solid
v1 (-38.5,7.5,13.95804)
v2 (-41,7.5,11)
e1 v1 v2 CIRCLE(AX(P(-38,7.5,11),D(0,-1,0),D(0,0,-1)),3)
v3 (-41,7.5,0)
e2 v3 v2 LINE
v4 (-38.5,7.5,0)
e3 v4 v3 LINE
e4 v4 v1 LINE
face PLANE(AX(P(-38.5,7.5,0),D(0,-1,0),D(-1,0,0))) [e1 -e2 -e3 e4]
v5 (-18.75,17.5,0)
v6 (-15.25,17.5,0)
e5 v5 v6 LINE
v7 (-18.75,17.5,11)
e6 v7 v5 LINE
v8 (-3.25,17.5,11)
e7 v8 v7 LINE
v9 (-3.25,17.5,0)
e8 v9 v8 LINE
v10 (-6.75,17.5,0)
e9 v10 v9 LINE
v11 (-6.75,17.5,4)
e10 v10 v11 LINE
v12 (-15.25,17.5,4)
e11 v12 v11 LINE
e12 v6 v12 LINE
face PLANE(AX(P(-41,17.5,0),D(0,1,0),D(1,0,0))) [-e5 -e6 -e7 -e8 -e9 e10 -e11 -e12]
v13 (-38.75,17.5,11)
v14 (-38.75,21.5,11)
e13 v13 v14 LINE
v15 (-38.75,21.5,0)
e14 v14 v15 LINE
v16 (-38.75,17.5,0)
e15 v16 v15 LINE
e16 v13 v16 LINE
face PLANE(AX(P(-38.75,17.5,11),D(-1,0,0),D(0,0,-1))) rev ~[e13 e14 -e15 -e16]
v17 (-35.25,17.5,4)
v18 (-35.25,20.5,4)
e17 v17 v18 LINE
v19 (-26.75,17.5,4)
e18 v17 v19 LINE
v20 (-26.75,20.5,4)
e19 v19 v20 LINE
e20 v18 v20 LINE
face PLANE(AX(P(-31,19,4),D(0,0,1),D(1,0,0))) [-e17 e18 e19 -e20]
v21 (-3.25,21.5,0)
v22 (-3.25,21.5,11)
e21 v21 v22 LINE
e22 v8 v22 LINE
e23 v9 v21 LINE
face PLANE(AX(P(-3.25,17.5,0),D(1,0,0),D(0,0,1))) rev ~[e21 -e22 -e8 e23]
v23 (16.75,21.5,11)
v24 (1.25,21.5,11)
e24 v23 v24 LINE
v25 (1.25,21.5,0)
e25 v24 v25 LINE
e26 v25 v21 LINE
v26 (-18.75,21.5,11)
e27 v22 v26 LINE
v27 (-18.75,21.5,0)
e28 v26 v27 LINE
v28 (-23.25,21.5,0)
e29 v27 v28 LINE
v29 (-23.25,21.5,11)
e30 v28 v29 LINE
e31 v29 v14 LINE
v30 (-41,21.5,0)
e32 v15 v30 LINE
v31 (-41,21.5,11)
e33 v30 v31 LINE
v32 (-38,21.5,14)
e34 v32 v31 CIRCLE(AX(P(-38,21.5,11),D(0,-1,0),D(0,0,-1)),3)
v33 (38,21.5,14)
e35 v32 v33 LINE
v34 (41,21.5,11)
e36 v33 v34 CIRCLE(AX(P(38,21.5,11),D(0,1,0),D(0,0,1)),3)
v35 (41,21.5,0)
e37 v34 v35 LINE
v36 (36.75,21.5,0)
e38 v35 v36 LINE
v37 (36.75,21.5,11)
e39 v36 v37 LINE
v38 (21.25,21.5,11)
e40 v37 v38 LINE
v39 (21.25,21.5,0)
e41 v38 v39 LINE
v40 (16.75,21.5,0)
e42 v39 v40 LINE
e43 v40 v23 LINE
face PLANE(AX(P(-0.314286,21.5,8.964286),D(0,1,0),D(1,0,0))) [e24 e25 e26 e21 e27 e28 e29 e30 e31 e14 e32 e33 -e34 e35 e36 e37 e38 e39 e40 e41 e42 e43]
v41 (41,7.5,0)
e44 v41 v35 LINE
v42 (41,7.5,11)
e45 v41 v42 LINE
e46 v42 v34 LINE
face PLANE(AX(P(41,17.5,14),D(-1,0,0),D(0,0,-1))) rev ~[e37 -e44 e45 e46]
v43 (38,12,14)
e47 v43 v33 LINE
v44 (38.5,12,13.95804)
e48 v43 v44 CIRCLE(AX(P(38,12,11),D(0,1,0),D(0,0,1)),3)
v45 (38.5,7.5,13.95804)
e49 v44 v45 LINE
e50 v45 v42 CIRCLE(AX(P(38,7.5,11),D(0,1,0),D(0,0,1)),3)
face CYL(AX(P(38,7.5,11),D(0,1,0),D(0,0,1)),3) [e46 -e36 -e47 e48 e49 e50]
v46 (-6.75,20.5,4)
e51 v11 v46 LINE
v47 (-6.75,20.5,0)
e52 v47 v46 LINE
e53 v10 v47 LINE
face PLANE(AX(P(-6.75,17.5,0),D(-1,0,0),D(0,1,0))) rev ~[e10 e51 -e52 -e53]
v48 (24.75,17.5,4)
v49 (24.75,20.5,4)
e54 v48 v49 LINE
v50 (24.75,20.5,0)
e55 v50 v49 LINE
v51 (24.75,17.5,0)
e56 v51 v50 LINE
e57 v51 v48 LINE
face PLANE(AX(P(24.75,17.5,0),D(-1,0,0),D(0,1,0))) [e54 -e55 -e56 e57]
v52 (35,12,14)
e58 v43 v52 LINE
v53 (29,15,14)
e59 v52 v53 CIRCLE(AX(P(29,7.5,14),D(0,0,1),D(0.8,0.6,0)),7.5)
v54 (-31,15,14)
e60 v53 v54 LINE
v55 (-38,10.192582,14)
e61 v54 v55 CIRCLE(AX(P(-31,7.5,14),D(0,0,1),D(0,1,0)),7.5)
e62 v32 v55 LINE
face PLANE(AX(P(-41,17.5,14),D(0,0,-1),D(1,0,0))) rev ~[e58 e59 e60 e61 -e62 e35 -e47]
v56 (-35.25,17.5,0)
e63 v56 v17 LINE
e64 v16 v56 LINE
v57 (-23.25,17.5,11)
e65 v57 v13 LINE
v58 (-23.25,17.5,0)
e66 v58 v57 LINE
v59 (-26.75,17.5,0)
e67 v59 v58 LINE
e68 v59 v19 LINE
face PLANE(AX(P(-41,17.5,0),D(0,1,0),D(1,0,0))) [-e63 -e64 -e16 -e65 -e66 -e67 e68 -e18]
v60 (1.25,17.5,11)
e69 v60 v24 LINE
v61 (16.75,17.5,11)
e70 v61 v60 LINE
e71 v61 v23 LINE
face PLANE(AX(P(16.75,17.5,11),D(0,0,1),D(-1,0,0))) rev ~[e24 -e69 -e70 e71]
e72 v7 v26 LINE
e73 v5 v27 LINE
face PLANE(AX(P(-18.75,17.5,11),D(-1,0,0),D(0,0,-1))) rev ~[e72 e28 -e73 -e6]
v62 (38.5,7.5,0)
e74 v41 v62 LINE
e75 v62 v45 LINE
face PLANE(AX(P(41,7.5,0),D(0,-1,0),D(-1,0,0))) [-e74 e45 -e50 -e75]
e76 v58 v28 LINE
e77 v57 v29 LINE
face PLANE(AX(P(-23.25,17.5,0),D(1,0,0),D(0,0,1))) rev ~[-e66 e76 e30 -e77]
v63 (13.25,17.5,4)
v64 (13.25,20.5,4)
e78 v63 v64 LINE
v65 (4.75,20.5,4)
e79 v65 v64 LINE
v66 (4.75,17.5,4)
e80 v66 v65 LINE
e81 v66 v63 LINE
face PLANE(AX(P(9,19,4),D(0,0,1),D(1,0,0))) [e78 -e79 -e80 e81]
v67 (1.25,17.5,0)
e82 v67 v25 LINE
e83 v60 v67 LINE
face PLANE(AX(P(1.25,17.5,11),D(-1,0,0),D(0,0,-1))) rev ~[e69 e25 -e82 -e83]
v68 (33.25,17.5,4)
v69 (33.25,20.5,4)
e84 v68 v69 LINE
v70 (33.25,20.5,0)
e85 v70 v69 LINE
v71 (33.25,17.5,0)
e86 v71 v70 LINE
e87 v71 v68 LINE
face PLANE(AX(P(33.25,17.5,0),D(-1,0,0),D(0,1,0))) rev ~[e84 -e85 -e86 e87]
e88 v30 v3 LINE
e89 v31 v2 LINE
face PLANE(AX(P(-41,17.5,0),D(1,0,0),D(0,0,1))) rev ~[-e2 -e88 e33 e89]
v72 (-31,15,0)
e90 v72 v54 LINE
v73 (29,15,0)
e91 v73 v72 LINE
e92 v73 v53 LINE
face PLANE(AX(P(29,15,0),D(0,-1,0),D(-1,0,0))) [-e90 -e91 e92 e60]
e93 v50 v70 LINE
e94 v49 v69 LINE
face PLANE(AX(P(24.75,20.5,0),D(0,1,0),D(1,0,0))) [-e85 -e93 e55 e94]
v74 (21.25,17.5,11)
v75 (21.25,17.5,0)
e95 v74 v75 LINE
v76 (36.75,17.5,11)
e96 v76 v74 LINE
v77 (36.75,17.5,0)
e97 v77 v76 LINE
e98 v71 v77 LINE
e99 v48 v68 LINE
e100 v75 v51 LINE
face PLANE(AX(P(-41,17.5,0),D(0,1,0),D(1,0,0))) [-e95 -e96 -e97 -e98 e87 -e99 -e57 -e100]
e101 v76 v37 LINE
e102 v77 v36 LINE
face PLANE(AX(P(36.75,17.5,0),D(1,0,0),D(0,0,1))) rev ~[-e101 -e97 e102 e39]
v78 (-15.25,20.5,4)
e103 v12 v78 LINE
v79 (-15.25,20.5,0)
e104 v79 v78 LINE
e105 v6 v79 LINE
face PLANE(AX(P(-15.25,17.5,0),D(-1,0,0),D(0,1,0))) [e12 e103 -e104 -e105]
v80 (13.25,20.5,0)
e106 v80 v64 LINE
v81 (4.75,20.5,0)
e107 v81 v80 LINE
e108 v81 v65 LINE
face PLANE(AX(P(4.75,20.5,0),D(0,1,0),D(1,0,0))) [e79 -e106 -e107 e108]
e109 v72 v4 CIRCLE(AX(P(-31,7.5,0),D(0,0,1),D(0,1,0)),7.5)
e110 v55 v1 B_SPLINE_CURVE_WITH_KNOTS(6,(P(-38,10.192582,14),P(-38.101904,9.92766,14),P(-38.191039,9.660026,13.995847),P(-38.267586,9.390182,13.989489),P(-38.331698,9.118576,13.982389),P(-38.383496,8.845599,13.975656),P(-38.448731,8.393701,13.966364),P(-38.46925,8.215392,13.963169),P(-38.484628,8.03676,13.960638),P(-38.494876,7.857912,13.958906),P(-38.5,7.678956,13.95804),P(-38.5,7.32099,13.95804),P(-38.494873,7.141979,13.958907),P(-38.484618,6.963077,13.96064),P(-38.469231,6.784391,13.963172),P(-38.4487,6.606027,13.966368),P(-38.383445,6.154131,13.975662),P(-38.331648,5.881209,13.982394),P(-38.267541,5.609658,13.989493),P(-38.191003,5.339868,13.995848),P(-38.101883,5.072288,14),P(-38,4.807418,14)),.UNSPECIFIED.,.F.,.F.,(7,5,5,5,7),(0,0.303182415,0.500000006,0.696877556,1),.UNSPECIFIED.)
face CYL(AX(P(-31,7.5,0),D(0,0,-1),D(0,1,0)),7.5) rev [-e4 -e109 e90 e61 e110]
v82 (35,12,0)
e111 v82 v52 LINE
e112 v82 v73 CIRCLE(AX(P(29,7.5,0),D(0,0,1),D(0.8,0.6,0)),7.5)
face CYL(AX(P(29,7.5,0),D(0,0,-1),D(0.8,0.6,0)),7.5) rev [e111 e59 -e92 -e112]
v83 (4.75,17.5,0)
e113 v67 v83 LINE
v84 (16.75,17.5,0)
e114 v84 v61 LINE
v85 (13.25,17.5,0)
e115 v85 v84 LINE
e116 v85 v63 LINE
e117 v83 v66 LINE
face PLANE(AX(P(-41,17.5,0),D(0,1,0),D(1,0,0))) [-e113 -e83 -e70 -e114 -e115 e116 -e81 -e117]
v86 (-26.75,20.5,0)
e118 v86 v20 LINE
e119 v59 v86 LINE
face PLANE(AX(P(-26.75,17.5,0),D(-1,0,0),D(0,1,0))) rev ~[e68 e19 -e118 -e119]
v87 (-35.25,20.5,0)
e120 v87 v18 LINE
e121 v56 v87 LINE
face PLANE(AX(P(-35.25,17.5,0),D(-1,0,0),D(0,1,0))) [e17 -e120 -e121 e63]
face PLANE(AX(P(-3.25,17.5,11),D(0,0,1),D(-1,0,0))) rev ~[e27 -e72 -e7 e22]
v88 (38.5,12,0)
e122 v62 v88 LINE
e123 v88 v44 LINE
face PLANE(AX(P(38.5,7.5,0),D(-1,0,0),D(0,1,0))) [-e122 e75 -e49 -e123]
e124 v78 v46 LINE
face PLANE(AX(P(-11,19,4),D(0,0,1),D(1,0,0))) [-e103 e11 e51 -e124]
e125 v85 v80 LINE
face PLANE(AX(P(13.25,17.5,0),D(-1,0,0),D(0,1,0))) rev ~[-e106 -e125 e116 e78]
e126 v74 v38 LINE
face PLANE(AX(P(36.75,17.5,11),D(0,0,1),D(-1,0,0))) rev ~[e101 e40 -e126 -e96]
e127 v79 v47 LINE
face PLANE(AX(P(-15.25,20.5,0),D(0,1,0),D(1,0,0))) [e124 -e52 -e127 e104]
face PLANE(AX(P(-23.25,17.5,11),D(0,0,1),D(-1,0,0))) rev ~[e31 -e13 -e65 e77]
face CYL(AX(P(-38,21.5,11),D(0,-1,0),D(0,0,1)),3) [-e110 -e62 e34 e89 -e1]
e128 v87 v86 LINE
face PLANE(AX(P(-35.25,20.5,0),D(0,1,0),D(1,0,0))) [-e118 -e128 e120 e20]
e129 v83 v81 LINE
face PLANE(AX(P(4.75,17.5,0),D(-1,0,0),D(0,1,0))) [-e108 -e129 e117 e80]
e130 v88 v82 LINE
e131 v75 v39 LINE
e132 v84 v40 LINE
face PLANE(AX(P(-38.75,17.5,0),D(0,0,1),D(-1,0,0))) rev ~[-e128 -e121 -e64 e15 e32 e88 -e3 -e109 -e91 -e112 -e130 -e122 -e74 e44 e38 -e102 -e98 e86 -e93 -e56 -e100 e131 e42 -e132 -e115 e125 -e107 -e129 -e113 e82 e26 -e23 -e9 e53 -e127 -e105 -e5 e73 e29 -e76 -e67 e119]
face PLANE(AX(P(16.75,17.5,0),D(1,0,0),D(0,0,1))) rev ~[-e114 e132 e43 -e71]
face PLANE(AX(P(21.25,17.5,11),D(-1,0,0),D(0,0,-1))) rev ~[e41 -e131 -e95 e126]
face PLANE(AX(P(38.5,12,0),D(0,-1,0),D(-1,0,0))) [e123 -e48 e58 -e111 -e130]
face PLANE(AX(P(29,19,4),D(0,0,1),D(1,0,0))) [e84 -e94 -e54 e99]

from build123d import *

# Parameters (mm, degrees)
SALIENTE_EXTRUIR1_DEPTH = 14
CROQUIS2_W              = 8.5
CROQUIS2_H              = 3
SALIENTE_EXTRUIR2_DEPTH = 4
SALIENTE_EXTRUIR3_DEPTH = 4
REDONDEO1_R             = 3


with BuildPart() as part:
    # Croquis1 → Saliente-Extruir1 (new body)
    with BuildSketch(Plane.XY):
        with BuildLine():
            Line((-38.5, 7.5), (-41, 7.5))
            Line((-41, 7.5), (-41, 17.5))
            Line((-41, 17.5), (41, 17.5))
            Line((41, 17.5), (41, 7.5))
            Line((41, 7.5), (38.5, 7.5))
            Line((38.5, 7.5), (38.5, 12))
            Line((38.5, 12), (35, 12))
            ThreePointArc((35, 12), (32.354101966, 14.208203932), (29, 15))
            Line((29, 15), (-31, 15))
            ThreePointArc((-31, 15), (-36.303300859, 12.803300859), (-38.5, 7.5))
        make_face()
    extrude(amount=SALIENTE_EXTRUIR1_DEPTH)

    # Croquis2 → Saliente-Extruir2 (add)
    with BuildSketch(Plane.XY):
        with Locations((29, 19)):
            Rectangle(CROQUIS2_W, CROQUIS2_H)
        with Locations((-31, 19)):
            Rectangle(CROQUIS2_W, CROQUIS2_H)
        with Locations((-11, 19)):
            Rectangle(CROQUIS2_W, CROQUIS2_H)
        with Locations((9, 19)):
            Rectangle(CROQUIS2_W, CROQUIS2_H)
    extrude(amount=SALIENTE_EXTRUIR2_DEPTH)

    # Croquis3 → Saliente-Extruir3 (add)
    with BuildSketch(Plane(origin=(0, 17.5, 0), x_dir=(1, 0, 0), z_dir=(0, 1, 0))):
        Polygon((-41, -14), (41, -14), (41, 0), (36.75, 0), (36.75, -11), (21.25, -11), (21.25, 0), (16.75, 0), (16.75, -11), (1.25, -11), (1.25, 0), (-3.25, 0), (-3.25, -11), (-18.75, -11), (-18.75, 0), (-23.25, 0), (-23.25, -11), (-38.75, -11), (-38.75, 0), (-41, 0), align=None)
    extrude(amount=SALIENTE_EXTRUIR3_DEPTH)

    # Redondeo1
    redondeo1_edges = [part.edges().sort_by_distance(p)[0] for p in [
        (-41, 14.5, 14),
        (41, 14.5, 14),
    ]]
    fillet(redondeo1_edges, radius=REDONDEO1_R)


solid = part.part
